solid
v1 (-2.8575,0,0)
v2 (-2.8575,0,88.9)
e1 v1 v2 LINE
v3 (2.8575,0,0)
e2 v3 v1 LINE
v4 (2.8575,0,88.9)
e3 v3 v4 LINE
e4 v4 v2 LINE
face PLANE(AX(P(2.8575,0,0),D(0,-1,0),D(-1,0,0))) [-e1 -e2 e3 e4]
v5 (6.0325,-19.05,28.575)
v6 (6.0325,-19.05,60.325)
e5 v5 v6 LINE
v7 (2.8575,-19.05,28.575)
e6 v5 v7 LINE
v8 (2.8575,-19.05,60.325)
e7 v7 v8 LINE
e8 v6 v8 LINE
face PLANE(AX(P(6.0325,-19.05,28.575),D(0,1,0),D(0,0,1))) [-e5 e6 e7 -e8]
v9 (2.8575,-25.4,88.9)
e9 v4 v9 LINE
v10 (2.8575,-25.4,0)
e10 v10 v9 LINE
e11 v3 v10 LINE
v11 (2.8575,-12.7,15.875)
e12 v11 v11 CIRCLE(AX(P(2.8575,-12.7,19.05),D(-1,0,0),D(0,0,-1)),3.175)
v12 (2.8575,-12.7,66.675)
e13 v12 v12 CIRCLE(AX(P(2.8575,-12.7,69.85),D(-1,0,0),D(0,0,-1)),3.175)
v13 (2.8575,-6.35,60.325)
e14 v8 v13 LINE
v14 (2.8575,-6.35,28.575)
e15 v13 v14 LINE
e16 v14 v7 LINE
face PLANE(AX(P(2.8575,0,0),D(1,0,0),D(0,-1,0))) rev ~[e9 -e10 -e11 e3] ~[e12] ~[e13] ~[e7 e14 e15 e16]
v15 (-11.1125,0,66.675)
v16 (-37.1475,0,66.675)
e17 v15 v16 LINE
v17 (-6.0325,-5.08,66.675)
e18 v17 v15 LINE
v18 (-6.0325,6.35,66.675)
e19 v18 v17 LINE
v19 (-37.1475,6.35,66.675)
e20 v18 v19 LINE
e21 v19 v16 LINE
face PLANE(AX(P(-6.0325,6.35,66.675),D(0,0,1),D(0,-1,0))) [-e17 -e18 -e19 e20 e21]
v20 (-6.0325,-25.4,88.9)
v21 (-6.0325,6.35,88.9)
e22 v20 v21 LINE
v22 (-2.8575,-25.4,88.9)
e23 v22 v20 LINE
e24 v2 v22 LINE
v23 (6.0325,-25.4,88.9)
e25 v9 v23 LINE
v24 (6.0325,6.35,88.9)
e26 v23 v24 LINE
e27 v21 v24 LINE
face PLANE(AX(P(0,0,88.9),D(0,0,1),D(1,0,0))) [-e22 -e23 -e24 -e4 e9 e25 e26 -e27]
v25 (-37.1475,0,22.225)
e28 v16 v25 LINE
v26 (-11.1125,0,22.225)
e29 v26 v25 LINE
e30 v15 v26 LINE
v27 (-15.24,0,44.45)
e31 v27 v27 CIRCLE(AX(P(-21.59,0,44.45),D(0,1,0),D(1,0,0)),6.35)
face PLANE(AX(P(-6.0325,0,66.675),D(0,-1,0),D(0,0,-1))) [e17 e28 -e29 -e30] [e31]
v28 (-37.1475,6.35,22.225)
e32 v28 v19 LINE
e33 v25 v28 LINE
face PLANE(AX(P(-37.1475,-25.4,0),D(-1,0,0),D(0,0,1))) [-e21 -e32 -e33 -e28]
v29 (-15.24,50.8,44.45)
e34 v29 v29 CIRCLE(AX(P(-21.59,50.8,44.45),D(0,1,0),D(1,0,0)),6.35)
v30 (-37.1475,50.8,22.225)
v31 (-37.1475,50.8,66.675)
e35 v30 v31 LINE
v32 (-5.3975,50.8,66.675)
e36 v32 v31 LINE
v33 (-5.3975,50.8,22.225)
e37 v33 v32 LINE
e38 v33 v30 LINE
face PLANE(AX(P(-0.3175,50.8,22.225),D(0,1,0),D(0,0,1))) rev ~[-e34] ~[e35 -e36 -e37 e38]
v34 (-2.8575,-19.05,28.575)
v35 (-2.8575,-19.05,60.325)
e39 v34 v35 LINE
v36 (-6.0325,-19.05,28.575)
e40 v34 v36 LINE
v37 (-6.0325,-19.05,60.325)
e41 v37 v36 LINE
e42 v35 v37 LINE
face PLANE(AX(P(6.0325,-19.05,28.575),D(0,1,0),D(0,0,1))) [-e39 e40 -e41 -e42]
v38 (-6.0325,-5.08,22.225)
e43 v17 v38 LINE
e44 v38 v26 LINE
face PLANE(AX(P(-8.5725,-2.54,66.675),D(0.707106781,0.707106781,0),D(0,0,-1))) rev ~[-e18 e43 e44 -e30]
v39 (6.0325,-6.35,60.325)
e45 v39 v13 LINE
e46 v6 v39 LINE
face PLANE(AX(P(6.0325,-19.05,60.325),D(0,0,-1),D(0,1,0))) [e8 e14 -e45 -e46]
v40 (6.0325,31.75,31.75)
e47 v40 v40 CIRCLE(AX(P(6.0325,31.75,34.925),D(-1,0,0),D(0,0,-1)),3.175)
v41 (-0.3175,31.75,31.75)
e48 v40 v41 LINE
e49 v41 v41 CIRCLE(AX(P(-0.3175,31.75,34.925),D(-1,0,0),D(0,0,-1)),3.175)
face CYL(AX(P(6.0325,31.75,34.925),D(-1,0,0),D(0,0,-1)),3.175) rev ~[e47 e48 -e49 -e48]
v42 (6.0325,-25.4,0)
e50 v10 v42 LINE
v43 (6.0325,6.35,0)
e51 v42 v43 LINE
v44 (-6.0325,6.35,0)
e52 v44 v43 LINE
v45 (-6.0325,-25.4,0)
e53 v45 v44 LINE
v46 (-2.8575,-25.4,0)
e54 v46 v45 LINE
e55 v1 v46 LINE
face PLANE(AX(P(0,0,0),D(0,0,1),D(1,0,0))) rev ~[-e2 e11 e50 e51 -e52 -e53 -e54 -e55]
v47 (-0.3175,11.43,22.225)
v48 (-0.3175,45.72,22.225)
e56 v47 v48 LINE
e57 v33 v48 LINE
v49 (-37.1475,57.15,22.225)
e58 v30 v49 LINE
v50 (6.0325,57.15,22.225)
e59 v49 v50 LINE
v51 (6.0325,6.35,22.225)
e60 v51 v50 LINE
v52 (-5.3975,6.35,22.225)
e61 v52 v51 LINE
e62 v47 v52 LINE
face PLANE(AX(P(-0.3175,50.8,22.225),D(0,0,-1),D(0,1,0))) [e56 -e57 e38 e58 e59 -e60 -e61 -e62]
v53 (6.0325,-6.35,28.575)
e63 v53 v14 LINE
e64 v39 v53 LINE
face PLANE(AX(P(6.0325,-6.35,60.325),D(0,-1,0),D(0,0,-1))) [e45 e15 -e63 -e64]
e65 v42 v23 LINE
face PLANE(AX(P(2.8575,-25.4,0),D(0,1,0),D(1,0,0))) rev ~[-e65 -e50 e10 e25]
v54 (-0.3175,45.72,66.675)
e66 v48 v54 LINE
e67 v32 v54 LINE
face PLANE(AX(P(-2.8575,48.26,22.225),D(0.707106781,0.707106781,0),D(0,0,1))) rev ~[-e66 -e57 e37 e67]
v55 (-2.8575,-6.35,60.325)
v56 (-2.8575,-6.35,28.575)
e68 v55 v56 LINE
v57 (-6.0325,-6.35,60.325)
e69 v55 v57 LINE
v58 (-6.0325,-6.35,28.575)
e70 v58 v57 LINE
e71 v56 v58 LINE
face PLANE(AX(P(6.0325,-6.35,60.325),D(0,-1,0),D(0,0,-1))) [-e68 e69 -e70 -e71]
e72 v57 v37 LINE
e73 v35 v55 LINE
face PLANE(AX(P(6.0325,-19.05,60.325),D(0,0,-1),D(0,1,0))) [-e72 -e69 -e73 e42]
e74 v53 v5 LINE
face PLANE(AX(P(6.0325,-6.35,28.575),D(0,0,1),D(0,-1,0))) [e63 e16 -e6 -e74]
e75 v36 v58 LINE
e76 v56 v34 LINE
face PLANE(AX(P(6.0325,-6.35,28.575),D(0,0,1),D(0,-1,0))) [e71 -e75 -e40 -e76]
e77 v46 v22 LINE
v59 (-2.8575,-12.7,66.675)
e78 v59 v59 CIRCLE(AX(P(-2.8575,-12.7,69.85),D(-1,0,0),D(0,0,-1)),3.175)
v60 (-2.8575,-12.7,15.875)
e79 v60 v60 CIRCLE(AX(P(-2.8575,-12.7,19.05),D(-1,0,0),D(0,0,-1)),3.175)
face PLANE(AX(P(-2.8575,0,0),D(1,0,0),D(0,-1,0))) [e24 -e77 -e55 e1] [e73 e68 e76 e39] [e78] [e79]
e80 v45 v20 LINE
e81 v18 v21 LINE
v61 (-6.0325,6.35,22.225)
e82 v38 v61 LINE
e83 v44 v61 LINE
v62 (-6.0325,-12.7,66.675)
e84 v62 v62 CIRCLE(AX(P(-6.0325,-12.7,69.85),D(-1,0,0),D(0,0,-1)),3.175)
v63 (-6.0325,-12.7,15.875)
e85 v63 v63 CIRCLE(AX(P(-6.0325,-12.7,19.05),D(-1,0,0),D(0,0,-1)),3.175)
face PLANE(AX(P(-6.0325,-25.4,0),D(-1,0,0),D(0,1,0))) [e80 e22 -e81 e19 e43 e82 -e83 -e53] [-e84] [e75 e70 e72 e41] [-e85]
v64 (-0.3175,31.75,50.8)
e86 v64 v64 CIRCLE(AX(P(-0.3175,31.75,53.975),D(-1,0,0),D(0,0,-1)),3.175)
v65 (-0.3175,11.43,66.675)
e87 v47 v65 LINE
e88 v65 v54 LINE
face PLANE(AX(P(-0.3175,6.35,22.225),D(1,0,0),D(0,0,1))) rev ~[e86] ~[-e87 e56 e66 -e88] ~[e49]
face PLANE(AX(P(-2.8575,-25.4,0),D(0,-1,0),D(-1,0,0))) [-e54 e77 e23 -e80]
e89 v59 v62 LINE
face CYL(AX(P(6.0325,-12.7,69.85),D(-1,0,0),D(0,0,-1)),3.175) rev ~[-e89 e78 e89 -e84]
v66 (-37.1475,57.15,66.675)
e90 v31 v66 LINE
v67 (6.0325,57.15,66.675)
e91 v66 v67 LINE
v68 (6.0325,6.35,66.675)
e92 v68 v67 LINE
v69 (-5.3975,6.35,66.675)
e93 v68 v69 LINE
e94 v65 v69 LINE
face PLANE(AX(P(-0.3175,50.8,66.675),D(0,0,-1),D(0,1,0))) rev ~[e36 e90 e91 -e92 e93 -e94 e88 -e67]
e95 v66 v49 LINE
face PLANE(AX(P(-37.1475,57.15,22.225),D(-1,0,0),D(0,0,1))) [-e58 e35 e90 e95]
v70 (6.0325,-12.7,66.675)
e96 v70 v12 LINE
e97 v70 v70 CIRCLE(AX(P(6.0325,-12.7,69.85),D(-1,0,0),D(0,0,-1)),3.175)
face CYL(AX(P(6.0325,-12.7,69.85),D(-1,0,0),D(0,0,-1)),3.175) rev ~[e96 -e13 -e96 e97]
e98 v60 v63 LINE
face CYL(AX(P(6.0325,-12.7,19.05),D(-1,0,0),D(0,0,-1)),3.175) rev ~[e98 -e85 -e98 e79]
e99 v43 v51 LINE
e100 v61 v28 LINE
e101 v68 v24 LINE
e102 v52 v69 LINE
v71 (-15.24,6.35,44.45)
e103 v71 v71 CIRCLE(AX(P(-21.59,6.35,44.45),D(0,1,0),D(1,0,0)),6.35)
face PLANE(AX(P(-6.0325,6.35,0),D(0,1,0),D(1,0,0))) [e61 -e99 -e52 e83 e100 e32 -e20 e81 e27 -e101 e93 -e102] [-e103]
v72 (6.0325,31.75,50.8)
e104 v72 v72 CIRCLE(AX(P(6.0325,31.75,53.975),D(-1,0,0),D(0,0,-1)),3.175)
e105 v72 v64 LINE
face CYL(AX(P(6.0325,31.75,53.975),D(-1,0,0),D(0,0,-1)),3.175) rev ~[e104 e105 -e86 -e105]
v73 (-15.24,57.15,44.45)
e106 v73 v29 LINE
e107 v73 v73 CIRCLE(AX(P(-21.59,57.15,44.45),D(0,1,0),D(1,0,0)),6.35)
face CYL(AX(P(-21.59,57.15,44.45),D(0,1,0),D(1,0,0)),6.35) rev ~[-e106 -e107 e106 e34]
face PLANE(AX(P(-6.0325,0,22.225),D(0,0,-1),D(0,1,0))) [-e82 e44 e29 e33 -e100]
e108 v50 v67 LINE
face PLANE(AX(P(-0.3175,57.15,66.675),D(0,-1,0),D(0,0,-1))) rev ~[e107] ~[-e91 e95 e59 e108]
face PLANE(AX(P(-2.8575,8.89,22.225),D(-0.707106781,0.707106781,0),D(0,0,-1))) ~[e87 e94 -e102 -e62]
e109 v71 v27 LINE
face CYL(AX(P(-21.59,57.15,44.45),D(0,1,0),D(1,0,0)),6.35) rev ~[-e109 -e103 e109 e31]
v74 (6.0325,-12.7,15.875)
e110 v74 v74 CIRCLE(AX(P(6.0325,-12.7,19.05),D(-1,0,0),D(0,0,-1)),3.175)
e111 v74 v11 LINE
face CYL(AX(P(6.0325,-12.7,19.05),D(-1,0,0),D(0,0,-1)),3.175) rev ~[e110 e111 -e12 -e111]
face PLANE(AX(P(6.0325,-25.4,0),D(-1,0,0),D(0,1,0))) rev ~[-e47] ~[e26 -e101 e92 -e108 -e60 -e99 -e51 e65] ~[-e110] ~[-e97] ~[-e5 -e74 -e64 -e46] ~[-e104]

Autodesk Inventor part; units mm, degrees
ref_plane "YZ Plane" through (0, 0, 0) normal (1, 0, 0) x (0, 1, 0)
ref_plane "XZ Plane" through (0, 0, 0) normal (0, 1, 0) x (-1, 0, 0)
ref_plane "XY Plane" through (0, 0, 0) normal (0, 0, 1) x (1, 0, 0)
sketch "Sketch1" plane through (0, 0, 0) normal (0, 0, 1) x (1, 0, 0)
  line L0 (-2.8575, 0) -> (-2.8575, -25.4)
  line L1 (-2.8575, -25.4) -> (-6.0325, -25.4)
  line L2 (-6.0325, -25.4) -> (-6.0325, 6.35)
  line L3 (2.8575, 0) -> (2.8575, -25.4)
  line L4 (2.8575, -25.4) -> (6.0325, -25.4)
  line L5 (6.0325, -25.4) -> (6.0325, 6.35)
  line L6 (-6.0325, 6.35) -> (6.0325, 6.35)
  line L7 (2.8575, 0) -> (-2.8575, 0)
  point P0 (0, 0)
  point P1 (0, 0)
  dimension "d0" = 5.715
  dimension "d1" = 3.175
  dimension "d2" = 25.4
  dimension "d3" = 31.75
extrude "Extrusion1" add sketch "Sketch1" along normal blind 88.9
sketch "Sketch2" plane through (-6.0325, -25.4, 0) normal (-1, 0, 0) x (0, 0, 1)
  line L0 (22.225, 31.75) -> (66.675, 31.75)
  line L1 (66.675, 31.75) -> (66.675, 25.4)
  line L2 (66.675, 25.4) -> (22.225, 25.4)
  line L3 (22.225, 25.4) -> (22.225, 31.75)
  line L4 (0, 31.75) -> (88.9, 31.75) projected
  point P0 (0, 25.4)
  point P1 (44.45, 31.75)
  dimension "d9" = 6.35
  dimension "d10" = 44.45
extrude "Extrusion2" add sketch "Sketch2" along normal blind 31.115
sketch "Sketch3" plane through (-6.0325, 6.35, 0) normal (0, 1, 0) x (1, 0, 0)
  line L0 (12.065, 0) -> (12.065, -88.9) projected
  line L1 (12.065, -22.225) -> (5.715, -22.225)
  line L2 (5.715, -22.225) -> (5.715, -66.675)
  line L3 (5.715, -66.675) -> (12.065, -66.675)
  line L4 (12.065, -66.675) -> (12.065, -22.225)
  line L5 (0, -22.225) -> (-31.115, -22.225) projected
  line L6 (0, -66.675) -> (-31.115, -66.675) projected
  point P0 (6.0325, 0)
  dimension "d13" = 6.35
extrude "Extrusion3" add sketch "Sketch3" along normal blind 50.8
sketch "Sketch4" plane through (-0.3175, 57.15, 22.225) normal (-1, 0, 0) x (0, 0, 1)
  line L0 (0, -50.8) -> (0, 0) projected
  line L1 (44.45, 0) -> (0, 0)
  line L2 (0, 0) -> (0, -6.35)
  line L3 (0, -6.35) -> (44.45, -6.35)
  line L4 (44.45, -6.35) -> (44.45, 0)
  line L5 (0, 0) -> (44.45, 0) projected
  line L6 (44.45, -50.8) -> (44.45, 0) projected
  point P0 (-22.225, -57.15)
  point P1 (44.45, -45.72)
  dimension "d17" = 6.35
extrude "Extrusion4" add sketch "Sketch4" along normal up to surface (36.83 mm away)
chamfer "Chamfer1" distance 5.08 angle 45 1 edges at (-0.3175, 50.8, 44.45)
chamfer "Chamfer2" distance 5.08 angle 45 1 edges at (-0.3175, 6.35, 44.45)
chamfer "Chamfer3" distance 5.08 angle 45 1 edges at (-6.0325, 0, 44.45)
sketch "Sketch5" plane through (6.0325, -25.4, 0) normal (1, 0, 0) x (0, 0, -1)
  line L0 (-88.9, 0) -> (-88.9, 31.75) projected
  line L1 (0, 31.75) -> (0, 0) projected
  line L2 (0, 0) -> (-88.9, 0) projected
  point P0 (0, 25.4)
  point P1 (-69.85, 12.7)
  point P2 (-19.05, 12.7)
  dimension "d29" = 19.05
  dimension "d30" = 19.05
  dimension "d31" = 12.7
  dimension "d32" = 12.7
hole "Hole1" at (6.0325, -12.7, 69.85) at (6.0325, -12.7, 19.05) direction (-1, 0, 0) diameter 6.35 end through all
sketch "Sketch6" plane through (6.0325, -25.4, 0) normal (1, 0, 0) x (0, 0, -1)
  line L0 (-28.575, 6.35) -> (-60.325, 6.35)
  line L1 (-60.325, 6.35) -> (-60.325, 19.05)
  line L2 (-60.325, 19.05) -> (-28.575, 19.05)
  line L3 (-28.575, 19.05) -> (-28.575, 6.35)
  circle A0 centre (-69.85, 12.7) radius 3.175 projected
  circle A1 centre (-19.05, 12.7) radius 3.175 projected
  line L4 (0, 0) -> (-88.9, 0) projected
  point P0 (0, 25.4)
  dimension "d40" = 31.75
  dimension "d41" = 50.8
  dimension "d42" = 9.525
  dimension "d43" = 12.7
  dimension "d44" = 6.35
extrude "Extrusion5" cut sketch "Sketch6" against normal blind 50.8 contours L0 L1 L2 L3
sketch "Sketch7" plane through (-6.0325, 57.15, 0) normal (0, 1, 0) x (1, 0, 0)
  circle A0 centre (-15.5575, -44.45) radius 6.35
  line L0 (-31.115, -22.225) -> (-31.115, -66.675) projected
  line L1 (0, -22.225) -> (0, -66.675) projected
  line L2 (12.065, -66.675) -> (-31.115, -66.675) projected
  line L3 (12.065, -22.225) -> (-31.115, -22.225) projected
  point P0 (6.0325, 0)
  dimension "d47" = 15.5575
  dimension "d48" = 31.115
  dimension "d49" = 44.45
  dimension "d50" = 22.225
  dimension "d51" = 12.7
extrude "Extrusion6" cut sketch "Sketch7" against normal blind 101.6 contours A0
sketch "Sketch8" plane through (6.0325, -25.4, 0) normal (1, 0, 0) x (0, 0, -1)
  line L0 (-66.675, 31.75) -> (-66.675, 82.55) projected
  line L1 (-66.675, 82.55) -> (-22.225, 82.55) projected
  point P0 (0, 25.4)
  point P1 (-53.975, 57.15)
  point P2 (-34.925, 57.15)
  dimension "d54" = 19.05
  dimension "d55" = 12.7
  dimension "d56" = 25.4
  dimension "d57" = 50.8
  dimension "d58" = 25.4
hole "Hole2" at (6.0325, 31.75, 53.975) at (6.0325, 31.75, 34.925) direction (-1, 0, 0) diameter 6.35 end through all
equation "\"d47\" = 0.5 * d48"
equation "\"d50\" = 0.5 * d49"
equation "\"d56\" = 0.5 * d57"
properties part number "Suspension Frame 3.0"
